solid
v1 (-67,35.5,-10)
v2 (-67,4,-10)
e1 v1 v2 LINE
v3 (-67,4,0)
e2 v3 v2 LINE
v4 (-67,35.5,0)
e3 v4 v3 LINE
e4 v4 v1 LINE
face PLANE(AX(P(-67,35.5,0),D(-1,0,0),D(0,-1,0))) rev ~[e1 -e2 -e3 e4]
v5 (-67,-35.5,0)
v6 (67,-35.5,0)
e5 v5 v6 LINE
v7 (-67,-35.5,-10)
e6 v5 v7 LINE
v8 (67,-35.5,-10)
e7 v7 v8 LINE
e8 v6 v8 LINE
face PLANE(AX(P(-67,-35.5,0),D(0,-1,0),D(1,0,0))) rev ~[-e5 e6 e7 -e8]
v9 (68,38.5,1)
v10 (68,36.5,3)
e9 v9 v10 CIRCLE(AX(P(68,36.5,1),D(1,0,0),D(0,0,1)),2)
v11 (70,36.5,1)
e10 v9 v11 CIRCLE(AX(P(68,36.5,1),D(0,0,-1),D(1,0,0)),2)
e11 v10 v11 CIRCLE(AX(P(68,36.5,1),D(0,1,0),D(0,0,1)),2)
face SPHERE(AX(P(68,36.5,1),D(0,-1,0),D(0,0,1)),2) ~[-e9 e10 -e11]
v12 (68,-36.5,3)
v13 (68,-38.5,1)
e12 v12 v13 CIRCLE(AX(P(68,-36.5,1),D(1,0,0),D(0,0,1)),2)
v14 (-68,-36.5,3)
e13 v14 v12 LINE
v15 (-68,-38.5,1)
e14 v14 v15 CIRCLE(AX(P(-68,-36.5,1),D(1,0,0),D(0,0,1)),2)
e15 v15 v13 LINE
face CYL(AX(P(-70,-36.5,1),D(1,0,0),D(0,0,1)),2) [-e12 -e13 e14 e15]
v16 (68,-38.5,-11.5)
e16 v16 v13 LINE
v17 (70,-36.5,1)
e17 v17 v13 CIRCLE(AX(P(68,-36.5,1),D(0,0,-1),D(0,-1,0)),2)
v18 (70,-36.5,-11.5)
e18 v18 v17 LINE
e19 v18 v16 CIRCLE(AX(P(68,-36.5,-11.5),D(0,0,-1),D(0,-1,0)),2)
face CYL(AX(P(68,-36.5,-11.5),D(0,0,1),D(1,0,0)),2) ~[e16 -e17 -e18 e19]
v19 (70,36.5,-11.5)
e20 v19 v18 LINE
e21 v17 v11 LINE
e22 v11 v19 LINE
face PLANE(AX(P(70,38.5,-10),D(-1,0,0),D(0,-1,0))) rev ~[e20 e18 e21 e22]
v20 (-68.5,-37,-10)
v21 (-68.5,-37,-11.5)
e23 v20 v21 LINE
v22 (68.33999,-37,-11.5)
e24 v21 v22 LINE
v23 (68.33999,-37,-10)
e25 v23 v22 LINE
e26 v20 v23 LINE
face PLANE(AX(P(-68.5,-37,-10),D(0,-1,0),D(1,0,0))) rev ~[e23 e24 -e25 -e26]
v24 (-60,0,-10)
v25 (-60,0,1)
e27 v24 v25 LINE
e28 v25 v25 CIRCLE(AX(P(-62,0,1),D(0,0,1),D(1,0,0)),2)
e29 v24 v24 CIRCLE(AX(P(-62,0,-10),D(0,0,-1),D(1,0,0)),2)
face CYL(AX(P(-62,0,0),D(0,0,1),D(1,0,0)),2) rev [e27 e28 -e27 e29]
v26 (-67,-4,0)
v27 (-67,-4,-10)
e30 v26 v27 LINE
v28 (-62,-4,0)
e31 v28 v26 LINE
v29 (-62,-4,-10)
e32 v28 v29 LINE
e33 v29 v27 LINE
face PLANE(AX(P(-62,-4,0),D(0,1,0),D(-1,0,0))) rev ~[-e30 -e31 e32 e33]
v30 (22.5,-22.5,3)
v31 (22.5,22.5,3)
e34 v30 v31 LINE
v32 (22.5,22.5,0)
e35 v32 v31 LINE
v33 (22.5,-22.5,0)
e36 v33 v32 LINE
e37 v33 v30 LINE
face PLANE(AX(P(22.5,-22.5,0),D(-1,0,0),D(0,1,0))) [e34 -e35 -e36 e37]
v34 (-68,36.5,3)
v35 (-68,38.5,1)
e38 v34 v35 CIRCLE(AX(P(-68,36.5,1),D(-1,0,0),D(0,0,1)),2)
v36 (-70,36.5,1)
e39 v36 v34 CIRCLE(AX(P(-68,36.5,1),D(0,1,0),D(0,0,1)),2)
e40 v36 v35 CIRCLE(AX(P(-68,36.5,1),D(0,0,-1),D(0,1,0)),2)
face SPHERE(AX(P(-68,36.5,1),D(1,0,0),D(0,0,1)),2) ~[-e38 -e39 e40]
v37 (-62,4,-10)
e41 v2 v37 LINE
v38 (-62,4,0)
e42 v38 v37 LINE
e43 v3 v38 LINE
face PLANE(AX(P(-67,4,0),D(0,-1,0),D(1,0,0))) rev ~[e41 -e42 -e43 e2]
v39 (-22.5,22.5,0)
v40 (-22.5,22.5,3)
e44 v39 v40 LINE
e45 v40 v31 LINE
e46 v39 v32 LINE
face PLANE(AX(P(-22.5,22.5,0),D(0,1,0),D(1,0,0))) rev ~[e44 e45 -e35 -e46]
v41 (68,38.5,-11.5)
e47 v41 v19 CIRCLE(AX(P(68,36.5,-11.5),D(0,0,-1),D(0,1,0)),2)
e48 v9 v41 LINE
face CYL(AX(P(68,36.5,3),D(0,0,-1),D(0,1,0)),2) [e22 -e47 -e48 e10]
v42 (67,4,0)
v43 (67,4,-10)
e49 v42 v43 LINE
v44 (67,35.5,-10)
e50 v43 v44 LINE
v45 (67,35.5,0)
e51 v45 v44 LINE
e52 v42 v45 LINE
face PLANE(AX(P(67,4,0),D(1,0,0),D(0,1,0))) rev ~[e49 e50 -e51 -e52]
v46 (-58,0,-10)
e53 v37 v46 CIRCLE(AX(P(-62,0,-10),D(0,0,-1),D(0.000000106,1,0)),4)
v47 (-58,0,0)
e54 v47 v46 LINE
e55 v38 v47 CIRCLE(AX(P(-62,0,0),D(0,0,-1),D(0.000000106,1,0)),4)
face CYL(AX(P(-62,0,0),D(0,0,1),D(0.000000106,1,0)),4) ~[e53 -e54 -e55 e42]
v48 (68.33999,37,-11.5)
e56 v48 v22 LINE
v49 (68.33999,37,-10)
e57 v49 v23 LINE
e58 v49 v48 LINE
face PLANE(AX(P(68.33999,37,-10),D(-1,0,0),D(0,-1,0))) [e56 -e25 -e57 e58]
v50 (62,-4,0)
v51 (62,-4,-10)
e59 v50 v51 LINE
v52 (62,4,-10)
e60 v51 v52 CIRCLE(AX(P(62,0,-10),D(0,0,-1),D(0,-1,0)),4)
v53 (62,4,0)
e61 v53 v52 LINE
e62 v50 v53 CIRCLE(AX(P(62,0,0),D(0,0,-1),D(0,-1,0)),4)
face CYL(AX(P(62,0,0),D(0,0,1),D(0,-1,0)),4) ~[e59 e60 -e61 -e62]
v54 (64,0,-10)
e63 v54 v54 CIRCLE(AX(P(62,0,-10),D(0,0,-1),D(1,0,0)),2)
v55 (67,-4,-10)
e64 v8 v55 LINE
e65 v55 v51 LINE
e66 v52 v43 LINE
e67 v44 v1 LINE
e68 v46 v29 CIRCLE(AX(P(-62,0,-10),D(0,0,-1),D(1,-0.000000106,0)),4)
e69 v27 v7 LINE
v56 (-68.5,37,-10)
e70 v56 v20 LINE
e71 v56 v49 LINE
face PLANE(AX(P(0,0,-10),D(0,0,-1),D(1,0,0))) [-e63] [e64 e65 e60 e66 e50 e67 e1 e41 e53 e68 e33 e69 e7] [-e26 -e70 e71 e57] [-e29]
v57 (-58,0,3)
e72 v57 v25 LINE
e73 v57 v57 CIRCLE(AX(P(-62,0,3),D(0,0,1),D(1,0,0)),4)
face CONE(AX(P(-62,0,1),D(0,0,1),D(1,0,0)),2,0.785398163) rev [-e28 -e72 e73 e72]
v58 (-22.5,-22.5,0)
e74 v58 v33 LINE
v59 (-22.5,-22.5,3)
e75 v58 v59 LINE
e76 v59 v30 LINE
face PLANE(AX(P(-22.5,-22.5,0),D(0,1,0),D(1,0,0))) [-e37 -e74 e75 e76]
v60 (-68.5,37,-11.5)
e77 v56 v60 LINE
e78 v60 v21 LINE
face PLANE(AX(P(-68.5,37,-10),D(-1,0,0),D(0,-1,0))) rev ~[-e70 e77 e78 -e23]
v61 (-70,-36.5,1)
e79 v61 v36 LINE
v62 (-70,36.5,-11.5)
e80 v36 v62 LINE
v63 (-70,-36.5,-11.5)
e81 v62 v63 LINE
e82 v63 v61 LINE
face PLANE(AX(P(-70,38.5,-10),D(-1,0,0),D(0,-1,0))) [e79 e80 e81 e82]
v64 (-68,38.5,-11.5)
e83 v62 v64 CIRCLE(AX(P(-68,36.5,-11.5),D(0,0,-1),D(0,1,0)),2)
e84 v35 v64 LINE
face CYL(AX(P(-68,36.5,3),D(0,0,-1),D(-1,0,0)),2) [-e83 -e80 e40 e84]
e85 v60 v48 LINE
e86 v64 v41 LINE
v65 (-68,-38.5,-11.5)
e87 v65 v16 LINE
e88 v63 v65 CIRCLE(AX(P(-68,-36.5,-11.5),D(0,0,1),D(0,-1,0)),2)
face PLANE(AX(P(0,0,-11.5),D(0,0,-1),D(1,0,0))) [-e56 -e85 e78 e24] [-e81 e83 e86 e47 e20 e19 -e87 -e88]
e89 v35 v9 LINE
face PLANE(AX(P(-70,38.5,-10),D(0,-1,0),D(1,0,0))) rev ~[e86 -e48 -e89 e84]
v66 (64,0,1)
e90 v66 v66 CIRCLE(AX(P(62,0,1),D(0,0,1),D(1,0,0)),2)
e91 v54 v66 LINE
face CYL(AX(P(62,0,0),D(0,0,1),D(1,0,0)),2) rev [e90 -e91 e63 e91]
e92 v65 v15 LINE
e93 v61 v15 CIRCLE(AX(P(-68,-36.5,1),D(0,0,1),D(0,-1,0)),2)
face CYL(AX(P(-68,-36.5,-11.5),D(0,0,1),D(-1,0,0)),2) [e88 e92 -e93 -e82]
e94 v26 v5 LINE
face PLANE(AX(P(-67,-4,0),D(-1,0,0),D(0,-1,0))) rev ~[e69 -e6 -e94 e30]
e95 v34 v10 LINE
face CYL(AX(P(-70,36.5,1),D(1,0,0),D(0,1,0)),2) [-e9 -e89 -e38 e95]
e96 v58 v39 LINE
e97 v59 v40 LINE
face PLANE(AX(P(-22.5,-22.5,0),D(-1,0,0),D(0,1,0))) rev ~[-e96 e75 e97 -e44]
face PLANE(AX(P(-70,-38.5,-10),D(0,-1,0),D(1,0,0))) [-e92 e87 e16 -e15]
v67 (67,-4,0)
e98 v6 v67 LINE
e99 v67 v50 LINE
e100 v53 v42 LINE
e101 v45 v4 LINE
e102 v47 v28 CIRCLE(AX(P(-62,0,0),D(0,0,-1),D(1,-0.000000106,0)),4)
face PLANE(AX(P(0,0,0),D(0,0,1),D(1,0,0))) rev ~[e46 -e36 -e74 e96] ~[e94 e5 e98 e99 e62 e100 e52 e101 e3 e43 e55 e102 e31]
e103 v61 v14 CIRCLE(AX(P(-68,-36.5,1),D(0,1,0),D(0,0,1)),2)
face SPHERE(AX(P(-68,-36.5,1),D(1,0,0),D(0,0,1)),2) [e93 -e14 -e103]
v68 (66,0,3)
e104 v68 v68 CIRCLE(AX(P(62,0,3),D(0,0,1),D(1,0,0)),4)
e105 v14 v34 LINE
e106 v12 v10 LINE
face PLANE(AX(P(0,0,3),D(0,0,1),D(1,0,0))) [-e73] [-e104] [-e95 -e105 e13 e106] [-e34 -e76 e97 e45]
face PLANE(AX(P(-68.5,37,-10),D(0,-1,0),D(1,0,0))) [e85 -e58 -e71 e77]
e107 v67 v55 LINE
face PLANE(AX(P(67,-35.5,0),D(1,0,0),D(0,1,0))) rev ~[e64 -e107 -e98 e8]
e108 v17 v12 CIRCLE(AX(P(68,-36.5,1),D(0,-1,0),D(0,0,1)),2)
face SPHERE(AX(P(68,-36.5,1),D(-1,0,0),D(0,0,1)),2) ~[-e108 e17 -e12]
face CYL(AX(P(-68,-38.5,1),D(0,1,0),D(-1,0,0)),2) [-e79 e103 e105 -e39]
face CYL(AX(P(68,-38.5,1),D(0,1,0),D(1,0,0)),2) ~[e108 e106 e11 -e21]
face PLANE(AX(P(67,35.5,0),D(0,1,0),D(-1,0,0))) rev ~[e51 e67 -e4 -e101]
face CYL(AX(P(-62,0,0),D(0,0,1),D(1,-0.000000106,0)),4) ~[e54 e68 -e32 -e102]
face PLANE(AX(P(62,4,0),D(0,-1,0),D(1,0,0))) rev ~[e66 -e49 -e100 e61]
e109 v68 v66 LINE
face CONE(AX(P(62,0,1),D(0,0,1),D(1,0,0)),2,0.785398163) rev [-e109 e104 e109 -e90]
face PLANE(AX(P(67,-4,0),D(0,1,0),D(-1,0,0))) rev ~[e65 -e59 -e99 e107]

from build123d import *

# Parameters (mm, degrees)
F0_W     = 140
F0_H     = 77
F0_R     = 4
F0_W_2   = 45
F0_H_2   = 45
F0_R_2   = 2
F1_DEPTH = 3
F2_W     = 140
F2_H     = 77
F2_R     = 2
F3_DEPTH = 10
F4_W     = 140
F4_H     = 77
F4_W_2   = 136.839989
F4_H_2   = 74
F5_DEPTH = 1.5
F6_R     = 2
F7_SIZE  = 2


with BuildPart() as f1:
    # F0 (on Top) → F1 (new body)
    with BuildSketch(Plane.XY):
        Rectangle(F0_W, F0_H)
        with Locations((-62, 0)):
            Circle(F0_R, mode=Mode.SUBTRACT)
        Rectangle(F0_W_2, F0_H_2, mode=Mode.SUBTRACT)
        with Locations((62, 0)):
            Circle(F0_R, mode=Mode.SUBTRACT)
        with Locations((-62, 0)):
            Circle(F0_R)
        with Locations((-62, 0)):
            Circle(F0_R_2, mode=Mode.SUBTRACT)
        with Locations((62, 0)):
            Circle(F0_R)
        with Locations((62, 0)):
            Circle(F0_R_2, mode=Mode.SUBTRACT)
    extrude(amount=F1_DEPTH)

    # F2 (on face) → F3 (join)
    with BuildSketch(Plane(origin=(0, 0, 0), x_dir=(1, 0, 0), z_dir=(0, 0, -1))):
        Rectangle(F2_W, F2_H)
        Polygon((-67, 4), (-67, 35.5), (67, 35.5), (67, 4), (67, -4), (67, -35.5), (-67, -35.5), (-67, -4), align=None, mode=Mode.SUBTRACT)
        with BuildLine():
            ThreePointArc((-58, 0), (-59.171573, 2.828427), (-62, 4))
            ThreePointArc((-62, 4), (-66, 0), (-62, -4))
            ThreePointArc((-62, -4), (-59.171573, -2.828427), (-58, 0))
        make_face()
        with Locations((-62, 0)):
            Circle(F2_R, mode=Mode.SUBTRACT)
        with BuildLine():
            ThreePointArc((66, 0), (64.828427, 2.828427), (62, 4))
            ThreePointArc((62, 4), (58, 0), (62, -4))
            ThreePointArc((62, -4), (64.828427, -2.828427), (66, 0))
        make_face()
        with Locations((62, 0)):
            Circle(F2_R, mode=Mode.SUBTRACT)
        with BuildLine():
            Line((-62, 4), (-67, 4))
            Line((-67, 4), (-67, -4))
            Line((-67, -4), (-62, -4))
            ThreePointArc((-62, -4), (-66, 0), (-62, 4))
        make_face()
        with BuildLine():
            Line((67, -4), (67, 4))
            Line((67, 4), (62, 4))
            ThreePointArc((62, 4), (64.828427, 2.828427), (66, 0))
            ThreePointArc((66, 0), (64.828427, -2.828427), (62, -4))
            Line((62, -4), (67, -4))
        make_face()
    extrude(amount=F3_DEPTH)

    # F4 (on face) → F5 (join)
    with BuildSketch(Plane(origin=(0, 0, -10), x_dir=(1, 0, 0), z_dir=(0, 0, -1))):
        Rectangle(F4_W, F4_H)
        with Locations((-0.080005, 0)):
            Rectangle(F4_W_2, F4_H_2, mode=Mode.SUBTRACT)
    extrude(amount=F5_DEPTH)

    # F6
    f6_edges = [f1.edges().sort_by_distance(p)[0] for p in [
        (0, -38.5, 3),
        (70, 0, 3),
        (0, 38.5, 3),
        (-70, 0, 3),
        (-70, 38.5, -4.25),
        (-70, -38.5, -4.25),
        (70, -38.5, -4.25),
        (70, 38.5, -4.25),
    ]]
    fillet(f6_edges, radius=F6_R)

    # F7
    f7_edges = [f1.edges().sort_by_distance(p)[0] for p in [
        (-64, 0, 3),
        (60, 0, 3),
    ]]
    chamfer(f7_edges, length=F7_SIZE)


solid = f1.part
